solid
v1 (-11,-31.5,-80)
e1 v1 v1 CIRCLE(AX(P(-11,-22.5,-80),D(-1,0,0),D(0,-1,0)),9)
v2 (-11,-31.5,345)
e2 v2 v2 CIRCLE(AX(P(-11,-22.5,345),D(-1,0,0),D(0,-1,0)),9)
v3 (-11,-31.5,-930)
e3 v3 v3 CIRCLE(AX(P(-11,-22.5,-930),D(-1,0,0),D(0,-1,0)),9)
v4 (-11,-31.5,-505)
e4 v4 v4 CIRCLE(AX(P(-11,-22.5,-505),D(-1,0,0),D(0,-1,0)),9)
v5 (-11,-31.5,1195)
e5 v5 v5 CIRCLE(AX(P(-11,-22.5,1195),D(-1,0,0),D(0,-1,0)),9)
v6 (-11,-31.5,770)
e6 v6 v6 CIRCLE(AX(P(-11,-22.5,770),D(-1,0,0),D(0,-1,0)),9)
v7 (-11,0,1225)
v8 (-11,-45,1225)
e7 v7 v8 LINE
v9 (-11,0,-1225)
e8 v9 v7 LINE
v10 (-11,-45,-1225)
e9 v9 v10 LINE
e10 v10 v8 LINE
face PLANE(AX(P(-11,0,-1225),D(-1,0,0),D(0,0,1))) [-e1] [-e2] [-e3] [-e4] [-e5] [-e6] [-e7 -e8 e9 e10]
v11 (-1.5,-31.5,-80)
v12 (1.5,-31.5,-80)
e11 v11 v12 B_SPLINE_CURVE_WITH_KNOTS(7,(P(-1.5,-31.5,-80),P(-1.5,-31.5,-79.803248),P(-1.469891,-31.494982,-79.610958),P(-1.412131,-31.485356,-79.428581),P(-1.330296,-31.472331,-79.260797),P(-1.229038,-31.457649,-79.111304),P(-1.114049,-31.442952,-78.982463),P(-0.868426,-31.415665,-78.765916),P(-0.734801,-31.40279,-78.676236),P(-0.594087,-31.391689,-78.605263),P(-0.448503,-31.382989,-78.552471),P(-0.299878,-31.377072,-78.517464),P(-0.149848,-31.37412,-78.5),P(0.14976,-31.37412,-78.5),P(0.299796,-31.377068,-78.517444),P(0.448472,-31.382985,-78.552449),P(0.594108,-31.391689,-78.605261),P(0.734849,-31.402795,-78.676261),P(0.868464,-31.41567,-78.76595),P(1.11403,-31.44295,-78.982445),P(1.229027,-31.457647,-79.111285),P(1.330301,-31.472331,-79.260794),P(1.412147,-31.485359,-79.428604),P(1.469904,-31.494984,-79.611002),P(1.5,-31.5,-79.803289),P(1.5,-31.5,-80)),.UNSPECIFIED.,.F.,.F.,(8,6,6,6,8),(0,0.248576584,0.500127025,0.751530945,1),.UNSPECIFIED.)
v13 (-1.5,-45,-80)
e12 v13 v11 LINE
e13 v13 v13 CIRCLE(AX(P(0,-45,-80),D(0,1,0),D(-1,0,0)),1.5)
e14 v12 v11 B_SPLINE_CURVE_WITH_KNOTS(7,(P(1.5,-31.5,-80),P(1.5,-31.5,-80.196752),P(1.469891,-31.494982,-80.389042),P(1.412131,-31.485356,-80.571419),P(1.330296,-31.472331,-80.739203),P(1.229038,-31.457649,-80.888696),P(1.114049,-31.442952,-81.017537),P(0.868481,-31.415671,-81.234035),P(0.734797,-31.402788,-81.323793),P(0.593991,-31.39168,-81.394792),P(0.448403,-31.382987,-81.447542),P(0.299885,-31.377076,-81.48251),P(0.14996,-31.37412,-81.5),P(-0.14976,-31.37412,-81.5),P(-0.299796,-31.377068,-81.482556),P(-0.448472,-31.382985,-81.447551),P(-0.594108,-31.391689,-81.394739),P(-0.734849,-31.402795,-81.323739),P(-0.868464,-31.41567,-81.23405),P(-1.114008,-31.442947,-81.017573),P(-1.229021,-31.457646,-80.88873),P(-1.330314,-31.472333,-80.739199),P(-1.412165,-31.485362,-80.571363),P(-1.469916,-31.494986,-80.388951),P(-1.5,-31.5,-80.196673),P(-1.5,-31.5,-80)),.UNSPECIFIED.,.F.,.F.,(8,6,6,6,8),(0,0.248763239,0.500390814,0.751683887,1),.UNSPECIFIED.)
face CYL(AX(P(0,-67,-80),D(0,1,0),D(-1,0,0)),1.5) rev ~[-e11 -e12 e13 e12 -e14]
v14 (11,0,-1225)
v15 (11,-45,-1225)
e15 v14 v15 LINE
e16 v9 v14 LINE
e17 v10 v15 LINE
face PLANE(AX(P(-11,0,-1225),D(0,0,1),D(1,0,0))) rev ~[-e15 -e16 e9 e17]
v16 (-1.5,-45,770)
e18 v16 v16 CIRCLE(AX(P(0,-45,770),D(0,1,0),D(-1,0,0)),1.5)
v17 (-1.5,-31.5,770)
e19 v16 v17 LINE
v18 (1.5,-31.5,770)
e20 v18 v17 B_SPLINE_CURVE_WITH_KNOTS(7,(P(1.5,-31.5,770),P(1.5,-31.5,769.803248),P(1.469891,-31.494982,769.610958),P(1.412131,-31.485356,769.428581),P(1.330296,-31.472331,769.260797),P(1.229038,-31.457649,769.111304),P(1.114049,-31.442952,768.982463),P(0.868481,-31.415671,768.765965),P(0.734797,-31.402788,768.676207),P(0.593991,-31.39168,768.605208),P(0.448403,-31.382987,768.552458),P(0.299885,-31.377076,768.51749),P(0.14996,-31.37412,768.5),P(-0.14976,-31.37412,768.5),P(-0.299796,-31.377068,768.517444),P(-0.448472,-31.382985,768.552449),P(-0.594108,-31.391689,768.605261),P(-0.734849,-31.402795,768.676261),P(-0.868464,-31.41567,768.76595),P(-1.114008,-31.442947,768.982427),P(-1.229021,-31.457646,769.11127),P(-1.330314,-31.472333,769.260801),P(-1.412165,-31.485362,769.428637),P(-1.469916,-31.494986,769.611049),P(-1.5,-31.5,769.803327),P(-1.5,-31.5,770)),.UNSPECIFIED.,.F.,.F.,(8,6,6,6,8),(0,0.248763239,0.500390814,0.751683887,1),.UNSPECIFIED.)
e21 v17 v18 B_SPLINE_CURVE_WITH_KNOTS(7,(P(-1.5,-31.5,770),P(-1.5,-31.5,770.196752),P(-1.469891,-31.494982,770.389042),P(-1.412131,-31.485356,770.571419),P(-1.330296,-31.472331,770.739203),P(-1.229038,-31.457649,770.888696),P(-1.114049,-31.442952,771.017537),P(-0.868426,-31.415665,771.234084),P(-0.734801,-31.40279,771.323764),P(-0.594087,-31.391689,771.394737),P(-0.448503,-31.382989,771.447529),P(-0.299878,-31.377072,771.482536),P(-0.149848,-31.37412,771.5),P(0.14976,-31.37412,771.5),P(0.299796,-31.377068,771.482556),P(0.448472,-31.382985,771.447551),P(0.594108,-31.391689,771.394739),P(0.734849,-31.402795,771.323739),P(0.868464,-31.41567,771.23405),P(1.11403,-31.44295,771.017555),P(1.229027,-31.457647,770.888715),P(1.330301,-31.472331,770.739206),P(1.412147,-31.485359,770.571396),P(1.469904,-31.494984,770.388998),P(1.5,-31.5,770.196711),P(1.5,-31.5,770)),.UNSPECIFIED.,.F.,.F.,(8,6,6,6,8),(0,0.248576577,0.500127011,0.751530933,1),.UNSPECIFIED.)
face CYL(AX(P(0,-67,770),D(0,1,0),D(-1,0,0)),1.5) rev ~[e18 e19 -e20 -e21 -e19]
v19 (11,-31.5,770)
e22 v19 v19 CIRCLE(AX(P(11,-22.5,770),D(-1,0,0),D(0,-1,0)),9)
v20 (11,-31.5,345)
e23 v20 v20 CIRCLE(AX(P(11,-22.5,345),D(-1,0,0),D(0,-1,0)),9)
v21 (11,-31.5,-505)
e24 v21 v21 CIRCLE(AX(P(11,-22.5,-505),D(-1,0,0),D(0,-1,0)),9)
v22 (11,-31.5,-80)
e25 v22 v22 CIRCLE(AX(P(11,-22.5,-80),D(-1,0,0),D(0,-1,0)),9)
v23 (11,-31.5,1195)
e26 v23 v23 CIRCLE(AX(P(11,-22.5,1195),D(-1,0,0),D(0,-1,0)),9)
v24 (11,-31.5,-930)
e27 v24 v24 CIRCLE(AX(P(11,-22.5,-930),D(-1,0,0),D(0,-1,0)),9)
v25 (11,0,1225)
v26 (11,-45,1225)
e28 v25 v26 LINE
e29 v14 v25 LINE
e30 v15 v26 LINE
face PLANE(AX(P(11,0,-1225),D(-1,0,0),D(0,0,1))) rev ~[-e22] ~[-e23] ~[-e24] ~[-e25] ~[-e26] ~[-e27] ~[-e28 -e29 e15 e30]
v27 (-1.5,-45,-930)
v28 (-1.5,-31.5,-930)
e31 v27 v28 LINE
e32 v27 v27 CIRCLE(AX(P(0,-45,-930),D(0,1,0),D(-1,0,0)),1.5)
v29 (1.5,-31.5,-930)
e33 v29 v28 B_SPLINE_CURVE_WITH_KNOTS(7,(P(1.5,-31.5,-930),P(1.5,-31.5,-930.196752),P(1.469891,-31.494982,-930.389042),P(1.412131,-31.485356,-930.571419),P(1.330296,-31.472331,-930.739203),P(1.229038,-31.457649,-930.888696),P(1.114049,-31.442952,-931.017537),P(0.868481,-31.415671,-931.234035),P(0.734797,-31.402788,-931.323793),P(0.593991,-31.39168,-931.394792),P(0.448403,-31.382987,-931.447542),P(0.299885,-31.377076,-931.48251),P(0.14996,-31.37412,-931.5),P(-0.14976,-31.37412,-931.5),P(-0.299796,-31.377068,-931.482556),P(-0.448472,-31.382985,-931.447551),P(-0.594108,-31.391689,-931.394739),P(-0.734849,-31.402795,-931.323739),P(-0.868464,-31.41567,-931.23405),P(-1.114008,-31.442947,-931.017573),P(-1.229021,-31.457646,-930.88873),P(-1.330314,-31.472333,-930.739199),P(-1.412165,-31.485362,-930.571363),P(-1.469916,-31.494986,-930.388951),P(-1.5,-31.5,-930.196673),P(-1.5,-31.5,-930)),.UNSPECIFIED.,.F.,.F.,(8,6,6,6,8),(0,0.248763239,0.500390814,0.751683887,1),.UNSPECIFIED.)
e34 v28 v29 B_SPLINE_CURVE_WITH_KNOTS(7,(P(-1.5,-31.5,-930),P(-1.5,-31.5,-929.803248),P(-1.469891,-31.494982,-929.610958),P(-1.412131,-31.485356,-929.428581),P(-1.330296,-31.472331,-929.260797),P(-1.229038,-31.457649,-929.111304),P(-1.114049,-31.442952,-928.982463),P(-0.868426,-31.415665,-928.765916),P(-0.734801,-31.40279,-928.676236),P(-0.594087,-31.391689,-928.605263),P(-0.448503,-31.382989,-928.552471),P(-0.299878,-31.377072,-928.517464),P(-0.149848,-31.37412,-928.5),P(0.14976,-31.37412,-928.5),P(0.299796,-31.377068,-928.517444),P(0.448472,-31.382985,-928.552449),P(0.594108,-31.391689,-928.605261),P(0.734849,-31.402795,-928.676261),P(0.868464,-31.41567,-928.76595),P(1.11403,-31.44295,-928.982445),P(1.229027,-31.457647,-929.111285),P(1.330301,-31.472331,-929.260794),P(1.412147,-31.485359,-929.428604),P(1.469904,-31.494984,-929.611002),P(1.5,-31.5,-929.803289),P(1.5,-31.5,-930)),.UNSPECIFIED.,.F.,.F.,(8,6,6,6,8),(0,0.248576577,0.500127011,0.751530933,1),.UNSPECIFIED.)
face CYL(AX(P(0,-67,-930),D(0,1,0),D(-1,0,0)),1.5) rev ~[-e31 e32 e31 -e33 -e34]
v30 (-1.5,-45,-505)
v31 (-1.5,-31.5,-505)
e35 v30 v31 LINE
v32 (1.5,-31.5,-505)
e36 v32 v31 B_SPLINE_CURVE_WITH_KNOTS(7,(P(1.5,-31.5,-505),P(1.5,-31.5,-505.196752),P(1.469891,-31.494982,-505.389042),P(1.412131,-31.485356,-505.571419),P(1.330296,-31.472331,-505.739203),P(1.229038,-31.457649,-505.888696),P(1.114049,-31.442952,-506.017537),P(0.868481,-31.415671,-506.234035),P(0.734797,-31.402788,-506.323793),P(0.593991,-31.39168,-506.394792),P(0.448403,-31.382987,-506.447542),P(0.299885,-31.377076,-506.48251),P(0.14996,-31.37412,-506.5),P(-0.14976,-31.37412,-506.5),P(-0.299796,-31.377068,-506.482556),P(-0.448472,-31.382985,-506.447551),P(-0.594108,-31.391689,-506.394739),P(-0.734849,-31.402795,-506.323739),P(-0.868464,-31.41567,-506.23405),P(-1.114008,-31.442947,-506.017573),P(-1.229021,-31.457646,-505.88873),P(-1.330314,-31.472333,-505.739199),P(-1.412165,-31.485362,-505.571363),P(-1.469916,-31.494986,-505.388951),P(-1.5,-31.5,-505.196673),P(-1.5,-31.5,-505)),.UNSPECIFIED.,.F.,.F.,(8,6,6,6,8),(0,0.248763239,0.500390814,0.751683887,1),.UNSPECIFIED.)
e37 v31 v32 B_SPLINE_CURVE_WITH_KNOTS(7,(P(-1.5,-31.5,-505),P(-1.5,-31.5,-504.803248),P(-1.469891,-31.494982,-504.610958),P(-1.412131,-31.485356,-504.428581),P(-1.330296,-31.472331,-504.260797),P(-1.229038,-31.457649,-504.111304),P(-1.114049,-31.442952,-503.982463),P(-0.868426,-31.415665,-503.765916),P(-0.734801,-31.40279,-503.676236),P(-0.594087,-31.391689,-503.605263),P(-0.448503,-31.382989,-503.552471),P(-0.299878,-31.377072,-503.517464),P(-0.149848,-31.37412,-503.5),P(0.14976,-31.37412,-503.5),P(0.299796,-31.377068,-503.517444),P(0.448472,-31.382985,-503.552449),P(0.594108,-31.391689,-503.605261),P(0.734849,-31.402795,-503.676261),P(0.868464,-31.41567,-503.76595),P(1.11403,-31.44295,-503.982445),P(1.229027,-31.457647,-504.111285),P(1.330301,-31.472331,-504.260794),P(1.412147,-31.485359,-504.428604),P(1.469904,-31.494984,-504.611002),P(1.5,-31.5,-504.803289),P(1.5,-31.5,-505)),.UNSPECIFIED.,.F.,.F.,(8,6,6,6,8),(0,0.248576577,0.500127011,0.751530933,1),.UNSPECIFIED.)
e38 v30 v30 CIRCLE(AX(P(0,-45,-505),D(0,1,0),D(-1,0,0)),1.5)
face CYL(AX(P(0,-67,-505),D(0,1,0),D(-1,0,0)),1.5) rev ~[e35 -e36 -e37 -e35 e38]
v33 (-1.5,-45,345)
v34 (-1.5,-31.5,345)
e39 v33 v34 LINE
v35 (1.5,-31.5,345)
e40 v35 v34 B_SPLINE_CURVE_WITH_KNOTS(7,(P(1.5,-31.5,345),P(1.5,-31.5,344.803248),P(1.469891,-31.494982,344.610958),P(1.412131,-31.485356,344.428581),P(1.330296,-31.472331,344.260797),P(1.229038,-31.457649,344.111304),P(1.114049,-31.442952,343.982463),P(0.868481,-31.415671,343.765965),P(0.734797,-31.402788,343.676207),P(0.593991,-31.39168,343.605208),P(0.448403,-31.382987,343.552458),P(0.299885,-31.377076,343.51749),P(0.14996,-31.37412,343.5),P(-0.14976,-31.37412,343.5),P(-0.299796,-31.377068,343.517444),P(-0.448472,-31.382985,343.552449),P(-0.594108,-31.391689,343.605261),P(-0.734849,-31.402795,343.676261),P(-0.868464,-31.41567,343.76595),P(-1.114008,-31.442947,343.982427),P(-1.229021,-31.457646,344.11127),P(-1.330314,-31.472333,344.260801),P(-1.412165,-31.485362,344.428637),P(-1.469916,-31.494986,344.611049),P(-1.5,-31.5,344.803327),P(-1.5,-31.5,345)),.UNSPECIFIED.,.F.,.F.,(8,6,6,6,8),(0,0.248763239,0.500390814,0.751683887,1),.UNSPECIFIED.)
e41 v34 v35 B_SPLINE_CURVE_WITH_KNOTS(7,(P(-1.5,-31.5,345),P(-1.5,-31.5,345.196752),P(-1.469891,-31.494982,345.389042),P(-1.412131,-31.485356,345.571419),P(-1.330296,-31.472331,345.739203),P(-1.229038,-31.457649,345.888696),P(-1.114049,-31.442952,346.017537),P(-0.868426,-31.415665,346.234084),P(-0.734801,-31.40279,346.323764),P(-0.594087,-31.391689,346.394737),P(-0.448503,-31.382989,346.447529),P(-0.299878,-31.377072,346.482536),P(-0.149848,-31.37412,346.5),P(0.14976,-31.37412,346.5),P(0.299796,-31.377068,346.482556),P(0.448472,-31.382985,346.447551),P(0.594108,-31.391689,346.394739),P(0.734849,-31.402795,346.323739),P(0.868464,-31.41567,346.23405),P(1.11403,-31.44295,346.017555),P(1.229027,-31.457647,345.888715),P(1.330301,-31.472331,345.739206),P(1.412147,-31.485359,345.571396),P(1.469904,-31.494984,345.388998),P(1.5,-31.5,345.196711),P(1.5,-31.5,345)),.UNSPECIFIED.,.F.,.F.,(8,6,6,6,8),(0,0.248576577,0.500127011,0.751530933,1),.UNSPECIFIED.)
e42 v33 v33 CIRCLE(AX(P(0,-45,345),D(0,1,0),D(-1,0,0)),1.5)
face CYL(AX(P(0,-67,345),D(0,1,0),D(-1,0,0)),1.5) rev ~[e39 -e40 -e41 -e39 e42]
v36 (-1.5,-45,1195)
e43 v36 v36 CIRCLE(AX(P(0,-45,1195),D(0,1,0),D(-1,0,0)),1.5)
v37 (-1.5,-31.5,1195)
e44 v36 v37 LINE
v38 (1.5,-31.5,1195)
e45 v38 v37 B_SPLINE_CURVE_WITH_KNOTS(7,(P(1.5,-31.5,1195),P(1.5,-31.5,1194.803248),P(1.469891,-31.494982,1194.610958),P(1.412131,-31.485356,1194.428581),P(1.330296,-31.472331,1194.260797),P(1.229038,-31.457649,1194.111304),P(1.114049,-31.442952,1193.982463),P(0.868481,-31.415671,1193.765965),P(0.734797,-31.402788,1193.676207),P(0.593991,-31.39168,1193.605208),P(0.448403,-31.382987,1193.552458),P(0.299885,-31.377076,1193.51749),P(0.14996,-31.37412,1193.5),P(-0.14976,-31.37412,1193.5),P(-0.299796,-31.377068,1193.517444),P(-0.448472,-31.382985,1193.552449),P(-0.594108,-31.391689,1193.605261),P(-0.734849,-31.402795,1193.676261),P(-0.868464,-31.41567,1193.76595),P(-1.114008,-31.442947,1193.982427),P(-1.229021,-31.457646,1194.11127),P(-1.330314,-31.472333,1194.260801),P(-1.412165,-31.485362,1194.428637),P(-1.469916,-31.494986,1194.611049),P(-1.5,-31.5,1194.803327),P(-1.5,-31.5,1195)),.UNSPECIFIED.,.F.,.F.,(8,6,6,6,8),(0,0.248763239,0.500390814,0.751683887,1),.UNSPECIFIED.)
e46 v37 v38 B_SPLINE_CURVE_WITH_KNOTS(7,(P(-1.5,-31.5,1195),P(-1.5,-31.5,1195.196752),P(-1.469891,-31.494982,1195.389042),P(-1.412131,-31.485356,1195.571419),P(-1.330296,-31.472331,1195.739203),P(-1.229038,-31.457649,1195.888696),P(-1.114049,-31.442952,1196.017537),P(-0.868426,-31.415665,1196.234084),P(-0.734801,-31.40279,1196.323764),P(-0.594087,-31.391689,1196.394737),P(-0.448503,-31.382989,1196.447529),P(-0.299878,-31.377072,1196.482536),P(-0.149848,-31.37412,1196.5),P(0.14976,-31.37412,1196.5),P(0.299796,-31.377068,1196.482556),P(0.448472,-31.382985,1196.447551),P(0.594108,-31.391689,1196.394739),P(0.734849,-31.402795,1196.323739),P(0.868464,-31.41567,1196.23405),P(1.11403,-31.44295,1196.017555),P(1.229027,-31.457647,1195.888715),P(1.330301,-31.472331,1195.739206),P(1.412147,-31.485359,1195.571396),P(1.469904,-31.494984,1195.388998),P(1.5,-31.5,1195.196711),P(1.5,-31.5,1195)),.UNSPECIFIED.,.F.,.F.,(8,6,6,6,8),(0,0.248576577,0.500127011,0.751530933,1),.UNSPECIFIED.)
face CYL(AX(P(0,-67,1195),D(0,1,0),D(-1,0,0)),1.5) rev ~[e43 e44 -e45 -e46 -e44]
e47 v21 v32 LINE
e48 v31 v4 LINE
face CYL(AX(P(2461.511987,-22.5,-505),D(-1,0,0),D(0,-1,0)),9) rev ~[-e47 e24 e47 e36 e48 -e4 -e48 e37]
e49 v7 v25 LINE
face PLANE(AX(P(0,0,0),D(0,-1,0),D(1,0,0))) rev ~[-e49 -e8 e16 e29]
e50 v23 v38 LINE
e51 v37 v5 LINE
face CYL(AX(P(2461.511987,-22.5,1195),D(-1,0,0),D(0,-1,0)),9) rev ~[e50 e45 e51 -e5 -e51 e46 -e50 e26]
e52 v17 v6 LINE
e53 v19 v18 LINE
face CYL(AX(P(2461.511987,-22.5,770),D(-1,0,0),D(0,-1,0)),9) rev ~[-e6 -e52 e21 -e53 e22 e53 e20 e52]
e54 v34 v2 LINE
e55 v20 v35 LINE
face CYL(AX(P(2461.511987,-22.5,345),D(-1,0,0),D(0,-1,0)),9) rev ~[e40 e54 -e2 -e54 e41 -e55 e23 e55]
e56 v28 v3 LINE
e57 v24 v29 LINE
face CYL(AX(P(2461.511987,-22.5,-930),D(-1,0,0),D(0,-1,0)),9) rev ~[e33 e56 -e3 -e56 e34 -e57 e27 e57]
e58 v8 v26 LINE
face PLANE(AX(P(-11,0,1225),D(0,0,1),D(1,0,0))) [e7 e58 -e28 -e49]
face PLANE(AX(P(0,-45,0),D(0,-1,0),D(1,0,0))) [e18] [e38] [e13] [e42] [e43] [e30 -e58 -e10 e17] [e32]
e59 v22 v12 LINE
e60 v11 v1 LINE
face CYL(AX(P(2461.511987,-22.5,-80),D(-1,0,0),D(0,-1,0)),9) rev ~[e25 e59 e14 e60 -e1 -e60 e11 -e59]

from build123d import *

# Parameters (mm, degrees)
F0_W     = 22
F0_H     = 2450
F1_DEPTH = 45
F3_D     = 3
F3_DEPTH = 22
F5_D     = 18


with BuildPart() as f1:
    # F0 (on Front) → F1 (new body)
    with BuildSketch(Plane.XZ):
        Rectangle(F0_W, F0_H)
    extrude(amount=F1_DEPTH)

    # F3
    with Locations(Plane.XZ.offset(45)):
        with Locations((0, 1195), (0, 770), (0, -505), (0, 345), (0, -930), (0, -80)):
            Hole(F3_D / 2, depth=F3_DEPTH)

    # F5 (through all)
    with Locations(Plane.YZ.offset(11)):
        with Locations((-22.5, 1195), (-22.5, 770), (-22.5, 345), (-22.5, -80), (-22.5, -505), (-22.5, -930)):
            Hole(F5_D / 2)


solid = f1.part
